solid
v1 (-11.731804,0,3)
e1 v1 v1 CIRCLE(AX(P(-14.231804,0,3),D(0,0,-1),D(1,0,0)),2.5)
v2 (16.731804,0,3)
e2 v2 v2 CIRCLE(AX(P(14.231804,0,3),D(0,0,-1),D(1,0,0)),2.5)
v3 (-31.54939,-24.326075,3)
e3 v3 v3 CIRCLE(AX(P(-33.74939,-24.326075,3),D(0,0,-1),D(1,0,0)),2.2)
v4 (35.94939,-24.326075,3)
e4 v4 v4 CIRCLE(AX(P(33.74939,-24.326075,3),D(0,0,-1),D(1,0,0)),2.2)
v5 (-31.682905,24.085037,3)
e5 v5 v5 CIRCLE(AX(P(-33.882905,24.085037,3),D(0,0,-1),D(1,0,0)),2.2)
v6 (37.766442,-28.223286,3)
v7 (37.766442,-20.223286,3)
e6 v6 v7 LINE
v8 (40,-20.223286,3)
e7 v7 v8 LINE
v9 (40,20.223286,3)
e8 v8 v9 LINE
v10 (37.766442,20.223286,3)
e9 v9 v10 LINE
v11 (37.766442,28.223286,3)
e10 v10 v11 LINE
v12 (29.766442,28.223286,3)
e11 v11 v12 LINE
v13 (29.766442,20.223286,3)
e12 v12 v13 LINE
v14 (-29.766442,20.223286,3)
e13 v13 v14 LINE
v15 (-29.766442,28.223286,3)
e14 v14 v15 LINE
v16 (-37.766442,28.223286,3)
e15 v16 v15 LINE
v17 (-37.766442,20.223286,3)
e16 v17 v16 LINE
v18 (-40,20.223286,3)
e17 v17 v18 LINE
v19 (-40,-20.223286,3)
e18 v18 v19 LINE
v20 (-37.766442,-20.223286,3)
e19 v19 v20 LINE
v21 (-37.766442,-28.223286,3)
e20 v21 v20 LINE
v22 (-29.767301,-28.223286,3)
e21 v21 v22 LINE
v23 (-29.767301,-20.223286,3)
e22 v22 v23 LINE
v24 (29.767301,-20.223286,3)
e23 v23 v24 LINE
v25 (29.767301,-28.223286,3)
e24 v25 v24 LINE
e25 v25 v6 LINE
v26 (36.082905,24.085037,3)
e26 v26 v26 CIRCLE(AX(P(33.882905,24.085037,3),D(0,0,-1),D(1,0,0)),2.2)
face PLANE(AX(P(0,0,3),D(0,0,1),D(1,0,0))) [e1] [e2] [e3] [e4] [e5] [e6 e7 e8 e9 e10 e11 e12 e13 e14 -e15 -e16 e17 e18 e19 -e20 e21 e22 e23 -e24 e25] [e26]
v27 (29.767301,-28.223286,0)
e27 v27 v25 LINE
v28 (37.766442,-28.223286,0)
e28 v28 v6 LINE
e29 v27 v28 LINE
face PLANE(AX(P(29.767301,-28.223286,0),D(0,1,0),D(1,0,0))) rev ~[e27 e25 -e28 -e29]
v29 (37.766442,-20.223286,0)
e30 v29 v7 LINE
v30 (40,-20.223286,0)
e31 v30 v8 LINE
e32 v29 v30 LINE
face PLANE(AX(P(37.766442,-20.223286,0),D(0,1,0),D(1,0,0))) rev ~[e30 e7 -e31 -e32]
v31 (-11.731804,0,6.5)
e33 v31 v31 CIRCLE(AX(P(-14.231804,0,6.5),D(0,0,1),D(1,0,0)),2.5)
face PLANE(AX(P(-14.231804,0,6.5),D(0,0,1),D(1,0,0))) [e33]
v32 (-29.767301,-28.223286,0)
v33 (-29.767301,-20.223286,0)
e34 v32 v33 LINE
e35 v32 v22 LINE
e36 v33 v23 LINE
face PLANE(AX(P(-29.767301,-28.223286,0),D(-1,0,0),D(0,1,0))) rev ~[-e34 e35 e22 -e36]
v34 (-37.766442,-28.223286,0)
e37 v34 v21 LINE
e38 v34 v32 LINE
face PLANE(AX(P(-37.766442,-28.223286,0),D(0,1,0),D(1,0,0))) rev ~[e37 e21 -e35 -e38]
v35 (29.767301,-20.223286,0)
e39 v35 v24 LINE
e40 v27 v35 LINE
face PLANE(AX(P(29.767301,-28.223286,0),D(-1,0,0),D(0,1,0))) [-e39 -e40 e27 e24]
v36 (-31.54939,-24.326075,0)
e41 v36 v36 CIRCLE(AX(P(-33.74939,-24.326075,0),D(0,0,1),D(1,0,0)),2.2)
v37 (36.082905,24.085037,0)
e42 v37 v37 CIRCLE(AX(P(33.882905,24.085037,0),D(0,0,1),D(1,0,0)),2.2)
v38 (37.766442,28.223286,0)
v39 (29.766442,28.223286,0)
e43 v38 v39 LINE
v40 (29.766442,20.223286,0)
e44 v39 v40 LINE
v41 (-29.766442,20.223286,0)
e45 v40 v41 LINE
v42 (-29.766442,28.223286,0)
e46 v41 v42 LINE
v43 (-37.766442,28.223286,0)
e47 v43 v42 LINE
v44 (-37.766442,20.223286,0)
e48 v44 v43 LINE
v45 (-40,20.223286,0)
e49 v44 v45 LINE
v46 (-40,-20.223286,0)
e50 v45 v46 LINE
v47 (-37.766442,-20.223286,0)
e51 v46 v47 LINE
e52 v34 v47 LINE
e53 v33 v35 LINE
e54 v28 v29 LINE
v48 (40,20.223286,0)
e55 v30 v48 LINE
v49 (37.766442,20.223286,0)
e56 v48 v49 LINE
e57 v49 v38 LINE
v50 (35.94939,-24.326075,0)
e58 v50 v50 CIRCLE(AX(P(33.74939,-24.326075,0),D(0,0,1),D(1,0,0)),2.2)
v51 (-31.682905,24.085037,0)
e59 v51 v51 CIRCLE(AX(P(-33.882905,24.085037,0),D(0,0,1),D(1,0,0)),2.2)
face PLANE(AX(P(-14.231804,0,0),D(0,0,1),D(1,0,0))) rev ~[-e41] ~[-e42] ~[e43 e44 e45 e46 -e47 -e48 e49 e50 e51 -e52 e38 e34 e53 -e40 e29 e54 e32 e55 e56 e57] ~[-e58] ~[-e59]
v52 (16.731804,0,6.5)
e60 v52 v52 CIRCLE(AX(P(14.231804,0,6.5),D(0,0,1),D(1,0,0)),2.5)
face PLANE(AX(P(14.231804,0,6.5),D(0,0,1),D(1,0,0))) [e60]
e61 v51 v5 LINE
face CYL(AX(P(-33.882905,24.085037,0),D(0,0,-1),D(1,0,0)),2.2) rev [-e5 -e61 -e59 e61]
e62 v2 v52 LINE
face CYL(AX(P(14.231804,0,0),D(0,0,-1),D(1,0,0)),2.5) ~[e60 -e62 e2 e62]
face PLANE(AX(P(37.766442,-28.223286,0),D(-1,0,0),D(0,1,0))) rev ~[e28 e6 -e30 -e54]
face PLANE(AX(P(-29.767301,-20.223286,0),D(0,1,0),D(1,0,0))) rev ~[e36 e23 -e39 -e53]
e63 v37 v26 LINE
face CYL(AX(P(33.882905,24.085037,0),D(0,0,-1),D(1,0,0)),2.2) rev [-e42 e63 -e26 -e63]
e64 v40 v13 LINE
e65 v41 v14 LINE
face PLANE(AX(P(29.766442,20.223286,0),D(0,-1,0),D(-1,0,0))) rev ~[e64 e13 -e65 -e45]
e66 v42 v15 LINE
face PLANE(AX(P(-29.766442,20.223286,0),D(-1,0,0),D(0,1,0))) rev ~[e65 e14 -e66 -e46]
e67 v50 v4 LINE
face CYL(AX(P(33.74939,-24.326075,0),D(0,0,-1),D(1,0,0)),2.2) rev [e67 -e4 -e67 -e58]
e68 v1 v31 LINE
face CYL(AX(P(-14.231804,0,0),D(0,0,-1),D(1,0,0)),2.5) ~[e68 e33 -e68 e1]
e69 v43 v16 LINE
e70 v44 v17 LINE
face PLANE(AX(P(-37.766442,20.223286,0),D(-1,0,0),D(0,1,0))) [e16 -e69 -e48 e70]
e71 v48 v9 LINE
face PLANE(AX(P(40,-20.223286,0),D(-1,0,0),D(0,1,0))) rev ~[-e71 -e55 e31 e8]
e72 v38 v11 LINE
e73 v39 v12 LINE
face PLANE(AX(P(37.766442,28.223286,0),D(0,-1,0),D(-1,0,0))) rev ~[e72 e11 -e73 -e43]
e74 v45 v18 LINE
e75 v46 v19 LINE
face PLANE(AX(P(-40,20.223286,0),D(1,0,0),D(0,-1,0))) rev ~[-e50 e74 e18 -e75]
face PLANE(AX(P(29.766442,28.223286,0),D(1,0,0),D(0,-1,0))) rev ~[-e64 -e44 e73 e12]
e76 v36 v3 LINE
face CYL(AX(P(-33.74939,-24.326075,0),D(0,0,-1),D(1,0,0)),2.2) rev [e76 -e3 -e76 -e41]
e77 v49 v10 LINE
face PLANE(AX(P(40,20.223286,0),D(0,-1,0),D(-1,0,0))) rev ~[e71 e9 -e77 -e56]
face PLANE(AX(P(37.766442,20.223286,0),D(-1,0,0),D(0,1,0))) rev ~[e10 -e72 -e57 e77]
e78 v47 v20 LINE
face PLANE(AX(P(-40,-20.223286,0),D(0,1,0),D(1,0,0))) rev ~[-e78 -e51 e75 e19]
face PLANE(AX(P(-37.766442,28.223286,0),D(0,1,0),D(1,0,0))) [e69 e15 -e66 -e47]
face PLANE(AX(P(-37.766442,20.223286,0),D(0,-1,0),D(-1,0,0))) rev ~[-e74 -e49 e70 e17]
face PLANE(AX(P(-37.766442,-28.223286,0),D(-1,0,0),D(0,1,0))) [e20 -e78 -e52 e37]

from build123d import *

# Parameters (mm, degrees)
F0_W     = 8
F0_H     = 8
F0_W_2   = 7.999141
F1_DEPTH = 3
F2_R     = 2.2
F3_DEPTH = 5
F4_R     = 2.5
F5_DEPTH = 6.5


with BuildPart() as f1:
    # F0 (on Top) → F1 (new body)
    with BuildSketch(Plane.XY):
        Polygon((-37.766442, 20.223286), (-40, 20.223286), (-40, -20.223286), (-37.766442, -20.223286), (-29.767301, -20.223286), (29.767301, -20.223286), (37.766442, -20.223286), (40, -20.223286), (40, 20.223286), (37.766442, 20.223286), (36.185599, 20.223286), (29.766442, 20.223286), (28.185599, 20.223286), (-29.766442, 20.223286), align=None)
        with Locations((-33.766442, 24.223286)):
            Rectangle(F0_W, F0_H)
        with Locations((-33.766872, -24.223286)):
            Rectangle(F0_W_2, F0_H)
        Polygon((29.766442, 28.223286), (29.766442, 20.223286), (36.185599, 20.223286), (37.766442, 20.223286), (37.766442, 28.223286), align=None)
        with Locations((33.766872, -24.223286)):
            Rectangle(F0_W_2, F0_H)
    extrude(amount=F1_DEPTH)

    # F2 (on Top) → F3 (cut)
    with BuildSketch(Plane.XY):
        with Locations((-33.882905, 24.085037)):
            Circle(F2_R)
        with Locations((-33.74939, -24.326075)):
            Circle(F2_R)
        with Locations((33.882905, 24.085037)):
            Circle(F2_R)
        with Locations((33.74939, -24.326075)):
            Circle(F2_R)
    extrude(amount=F3_DEPTH, mode=Mode.SUBTRACT)

    # F4 (on Top) → F5 (join)
    with BuildSketch(Plane.XY):
        with Locations((-14.231804, 0)):
            Circle(F4_R)
        with Locations((14.231804, 0)):
            Circle(F4_R)
    extrude(amount=F5_DEPTH)


solid = f1.part
